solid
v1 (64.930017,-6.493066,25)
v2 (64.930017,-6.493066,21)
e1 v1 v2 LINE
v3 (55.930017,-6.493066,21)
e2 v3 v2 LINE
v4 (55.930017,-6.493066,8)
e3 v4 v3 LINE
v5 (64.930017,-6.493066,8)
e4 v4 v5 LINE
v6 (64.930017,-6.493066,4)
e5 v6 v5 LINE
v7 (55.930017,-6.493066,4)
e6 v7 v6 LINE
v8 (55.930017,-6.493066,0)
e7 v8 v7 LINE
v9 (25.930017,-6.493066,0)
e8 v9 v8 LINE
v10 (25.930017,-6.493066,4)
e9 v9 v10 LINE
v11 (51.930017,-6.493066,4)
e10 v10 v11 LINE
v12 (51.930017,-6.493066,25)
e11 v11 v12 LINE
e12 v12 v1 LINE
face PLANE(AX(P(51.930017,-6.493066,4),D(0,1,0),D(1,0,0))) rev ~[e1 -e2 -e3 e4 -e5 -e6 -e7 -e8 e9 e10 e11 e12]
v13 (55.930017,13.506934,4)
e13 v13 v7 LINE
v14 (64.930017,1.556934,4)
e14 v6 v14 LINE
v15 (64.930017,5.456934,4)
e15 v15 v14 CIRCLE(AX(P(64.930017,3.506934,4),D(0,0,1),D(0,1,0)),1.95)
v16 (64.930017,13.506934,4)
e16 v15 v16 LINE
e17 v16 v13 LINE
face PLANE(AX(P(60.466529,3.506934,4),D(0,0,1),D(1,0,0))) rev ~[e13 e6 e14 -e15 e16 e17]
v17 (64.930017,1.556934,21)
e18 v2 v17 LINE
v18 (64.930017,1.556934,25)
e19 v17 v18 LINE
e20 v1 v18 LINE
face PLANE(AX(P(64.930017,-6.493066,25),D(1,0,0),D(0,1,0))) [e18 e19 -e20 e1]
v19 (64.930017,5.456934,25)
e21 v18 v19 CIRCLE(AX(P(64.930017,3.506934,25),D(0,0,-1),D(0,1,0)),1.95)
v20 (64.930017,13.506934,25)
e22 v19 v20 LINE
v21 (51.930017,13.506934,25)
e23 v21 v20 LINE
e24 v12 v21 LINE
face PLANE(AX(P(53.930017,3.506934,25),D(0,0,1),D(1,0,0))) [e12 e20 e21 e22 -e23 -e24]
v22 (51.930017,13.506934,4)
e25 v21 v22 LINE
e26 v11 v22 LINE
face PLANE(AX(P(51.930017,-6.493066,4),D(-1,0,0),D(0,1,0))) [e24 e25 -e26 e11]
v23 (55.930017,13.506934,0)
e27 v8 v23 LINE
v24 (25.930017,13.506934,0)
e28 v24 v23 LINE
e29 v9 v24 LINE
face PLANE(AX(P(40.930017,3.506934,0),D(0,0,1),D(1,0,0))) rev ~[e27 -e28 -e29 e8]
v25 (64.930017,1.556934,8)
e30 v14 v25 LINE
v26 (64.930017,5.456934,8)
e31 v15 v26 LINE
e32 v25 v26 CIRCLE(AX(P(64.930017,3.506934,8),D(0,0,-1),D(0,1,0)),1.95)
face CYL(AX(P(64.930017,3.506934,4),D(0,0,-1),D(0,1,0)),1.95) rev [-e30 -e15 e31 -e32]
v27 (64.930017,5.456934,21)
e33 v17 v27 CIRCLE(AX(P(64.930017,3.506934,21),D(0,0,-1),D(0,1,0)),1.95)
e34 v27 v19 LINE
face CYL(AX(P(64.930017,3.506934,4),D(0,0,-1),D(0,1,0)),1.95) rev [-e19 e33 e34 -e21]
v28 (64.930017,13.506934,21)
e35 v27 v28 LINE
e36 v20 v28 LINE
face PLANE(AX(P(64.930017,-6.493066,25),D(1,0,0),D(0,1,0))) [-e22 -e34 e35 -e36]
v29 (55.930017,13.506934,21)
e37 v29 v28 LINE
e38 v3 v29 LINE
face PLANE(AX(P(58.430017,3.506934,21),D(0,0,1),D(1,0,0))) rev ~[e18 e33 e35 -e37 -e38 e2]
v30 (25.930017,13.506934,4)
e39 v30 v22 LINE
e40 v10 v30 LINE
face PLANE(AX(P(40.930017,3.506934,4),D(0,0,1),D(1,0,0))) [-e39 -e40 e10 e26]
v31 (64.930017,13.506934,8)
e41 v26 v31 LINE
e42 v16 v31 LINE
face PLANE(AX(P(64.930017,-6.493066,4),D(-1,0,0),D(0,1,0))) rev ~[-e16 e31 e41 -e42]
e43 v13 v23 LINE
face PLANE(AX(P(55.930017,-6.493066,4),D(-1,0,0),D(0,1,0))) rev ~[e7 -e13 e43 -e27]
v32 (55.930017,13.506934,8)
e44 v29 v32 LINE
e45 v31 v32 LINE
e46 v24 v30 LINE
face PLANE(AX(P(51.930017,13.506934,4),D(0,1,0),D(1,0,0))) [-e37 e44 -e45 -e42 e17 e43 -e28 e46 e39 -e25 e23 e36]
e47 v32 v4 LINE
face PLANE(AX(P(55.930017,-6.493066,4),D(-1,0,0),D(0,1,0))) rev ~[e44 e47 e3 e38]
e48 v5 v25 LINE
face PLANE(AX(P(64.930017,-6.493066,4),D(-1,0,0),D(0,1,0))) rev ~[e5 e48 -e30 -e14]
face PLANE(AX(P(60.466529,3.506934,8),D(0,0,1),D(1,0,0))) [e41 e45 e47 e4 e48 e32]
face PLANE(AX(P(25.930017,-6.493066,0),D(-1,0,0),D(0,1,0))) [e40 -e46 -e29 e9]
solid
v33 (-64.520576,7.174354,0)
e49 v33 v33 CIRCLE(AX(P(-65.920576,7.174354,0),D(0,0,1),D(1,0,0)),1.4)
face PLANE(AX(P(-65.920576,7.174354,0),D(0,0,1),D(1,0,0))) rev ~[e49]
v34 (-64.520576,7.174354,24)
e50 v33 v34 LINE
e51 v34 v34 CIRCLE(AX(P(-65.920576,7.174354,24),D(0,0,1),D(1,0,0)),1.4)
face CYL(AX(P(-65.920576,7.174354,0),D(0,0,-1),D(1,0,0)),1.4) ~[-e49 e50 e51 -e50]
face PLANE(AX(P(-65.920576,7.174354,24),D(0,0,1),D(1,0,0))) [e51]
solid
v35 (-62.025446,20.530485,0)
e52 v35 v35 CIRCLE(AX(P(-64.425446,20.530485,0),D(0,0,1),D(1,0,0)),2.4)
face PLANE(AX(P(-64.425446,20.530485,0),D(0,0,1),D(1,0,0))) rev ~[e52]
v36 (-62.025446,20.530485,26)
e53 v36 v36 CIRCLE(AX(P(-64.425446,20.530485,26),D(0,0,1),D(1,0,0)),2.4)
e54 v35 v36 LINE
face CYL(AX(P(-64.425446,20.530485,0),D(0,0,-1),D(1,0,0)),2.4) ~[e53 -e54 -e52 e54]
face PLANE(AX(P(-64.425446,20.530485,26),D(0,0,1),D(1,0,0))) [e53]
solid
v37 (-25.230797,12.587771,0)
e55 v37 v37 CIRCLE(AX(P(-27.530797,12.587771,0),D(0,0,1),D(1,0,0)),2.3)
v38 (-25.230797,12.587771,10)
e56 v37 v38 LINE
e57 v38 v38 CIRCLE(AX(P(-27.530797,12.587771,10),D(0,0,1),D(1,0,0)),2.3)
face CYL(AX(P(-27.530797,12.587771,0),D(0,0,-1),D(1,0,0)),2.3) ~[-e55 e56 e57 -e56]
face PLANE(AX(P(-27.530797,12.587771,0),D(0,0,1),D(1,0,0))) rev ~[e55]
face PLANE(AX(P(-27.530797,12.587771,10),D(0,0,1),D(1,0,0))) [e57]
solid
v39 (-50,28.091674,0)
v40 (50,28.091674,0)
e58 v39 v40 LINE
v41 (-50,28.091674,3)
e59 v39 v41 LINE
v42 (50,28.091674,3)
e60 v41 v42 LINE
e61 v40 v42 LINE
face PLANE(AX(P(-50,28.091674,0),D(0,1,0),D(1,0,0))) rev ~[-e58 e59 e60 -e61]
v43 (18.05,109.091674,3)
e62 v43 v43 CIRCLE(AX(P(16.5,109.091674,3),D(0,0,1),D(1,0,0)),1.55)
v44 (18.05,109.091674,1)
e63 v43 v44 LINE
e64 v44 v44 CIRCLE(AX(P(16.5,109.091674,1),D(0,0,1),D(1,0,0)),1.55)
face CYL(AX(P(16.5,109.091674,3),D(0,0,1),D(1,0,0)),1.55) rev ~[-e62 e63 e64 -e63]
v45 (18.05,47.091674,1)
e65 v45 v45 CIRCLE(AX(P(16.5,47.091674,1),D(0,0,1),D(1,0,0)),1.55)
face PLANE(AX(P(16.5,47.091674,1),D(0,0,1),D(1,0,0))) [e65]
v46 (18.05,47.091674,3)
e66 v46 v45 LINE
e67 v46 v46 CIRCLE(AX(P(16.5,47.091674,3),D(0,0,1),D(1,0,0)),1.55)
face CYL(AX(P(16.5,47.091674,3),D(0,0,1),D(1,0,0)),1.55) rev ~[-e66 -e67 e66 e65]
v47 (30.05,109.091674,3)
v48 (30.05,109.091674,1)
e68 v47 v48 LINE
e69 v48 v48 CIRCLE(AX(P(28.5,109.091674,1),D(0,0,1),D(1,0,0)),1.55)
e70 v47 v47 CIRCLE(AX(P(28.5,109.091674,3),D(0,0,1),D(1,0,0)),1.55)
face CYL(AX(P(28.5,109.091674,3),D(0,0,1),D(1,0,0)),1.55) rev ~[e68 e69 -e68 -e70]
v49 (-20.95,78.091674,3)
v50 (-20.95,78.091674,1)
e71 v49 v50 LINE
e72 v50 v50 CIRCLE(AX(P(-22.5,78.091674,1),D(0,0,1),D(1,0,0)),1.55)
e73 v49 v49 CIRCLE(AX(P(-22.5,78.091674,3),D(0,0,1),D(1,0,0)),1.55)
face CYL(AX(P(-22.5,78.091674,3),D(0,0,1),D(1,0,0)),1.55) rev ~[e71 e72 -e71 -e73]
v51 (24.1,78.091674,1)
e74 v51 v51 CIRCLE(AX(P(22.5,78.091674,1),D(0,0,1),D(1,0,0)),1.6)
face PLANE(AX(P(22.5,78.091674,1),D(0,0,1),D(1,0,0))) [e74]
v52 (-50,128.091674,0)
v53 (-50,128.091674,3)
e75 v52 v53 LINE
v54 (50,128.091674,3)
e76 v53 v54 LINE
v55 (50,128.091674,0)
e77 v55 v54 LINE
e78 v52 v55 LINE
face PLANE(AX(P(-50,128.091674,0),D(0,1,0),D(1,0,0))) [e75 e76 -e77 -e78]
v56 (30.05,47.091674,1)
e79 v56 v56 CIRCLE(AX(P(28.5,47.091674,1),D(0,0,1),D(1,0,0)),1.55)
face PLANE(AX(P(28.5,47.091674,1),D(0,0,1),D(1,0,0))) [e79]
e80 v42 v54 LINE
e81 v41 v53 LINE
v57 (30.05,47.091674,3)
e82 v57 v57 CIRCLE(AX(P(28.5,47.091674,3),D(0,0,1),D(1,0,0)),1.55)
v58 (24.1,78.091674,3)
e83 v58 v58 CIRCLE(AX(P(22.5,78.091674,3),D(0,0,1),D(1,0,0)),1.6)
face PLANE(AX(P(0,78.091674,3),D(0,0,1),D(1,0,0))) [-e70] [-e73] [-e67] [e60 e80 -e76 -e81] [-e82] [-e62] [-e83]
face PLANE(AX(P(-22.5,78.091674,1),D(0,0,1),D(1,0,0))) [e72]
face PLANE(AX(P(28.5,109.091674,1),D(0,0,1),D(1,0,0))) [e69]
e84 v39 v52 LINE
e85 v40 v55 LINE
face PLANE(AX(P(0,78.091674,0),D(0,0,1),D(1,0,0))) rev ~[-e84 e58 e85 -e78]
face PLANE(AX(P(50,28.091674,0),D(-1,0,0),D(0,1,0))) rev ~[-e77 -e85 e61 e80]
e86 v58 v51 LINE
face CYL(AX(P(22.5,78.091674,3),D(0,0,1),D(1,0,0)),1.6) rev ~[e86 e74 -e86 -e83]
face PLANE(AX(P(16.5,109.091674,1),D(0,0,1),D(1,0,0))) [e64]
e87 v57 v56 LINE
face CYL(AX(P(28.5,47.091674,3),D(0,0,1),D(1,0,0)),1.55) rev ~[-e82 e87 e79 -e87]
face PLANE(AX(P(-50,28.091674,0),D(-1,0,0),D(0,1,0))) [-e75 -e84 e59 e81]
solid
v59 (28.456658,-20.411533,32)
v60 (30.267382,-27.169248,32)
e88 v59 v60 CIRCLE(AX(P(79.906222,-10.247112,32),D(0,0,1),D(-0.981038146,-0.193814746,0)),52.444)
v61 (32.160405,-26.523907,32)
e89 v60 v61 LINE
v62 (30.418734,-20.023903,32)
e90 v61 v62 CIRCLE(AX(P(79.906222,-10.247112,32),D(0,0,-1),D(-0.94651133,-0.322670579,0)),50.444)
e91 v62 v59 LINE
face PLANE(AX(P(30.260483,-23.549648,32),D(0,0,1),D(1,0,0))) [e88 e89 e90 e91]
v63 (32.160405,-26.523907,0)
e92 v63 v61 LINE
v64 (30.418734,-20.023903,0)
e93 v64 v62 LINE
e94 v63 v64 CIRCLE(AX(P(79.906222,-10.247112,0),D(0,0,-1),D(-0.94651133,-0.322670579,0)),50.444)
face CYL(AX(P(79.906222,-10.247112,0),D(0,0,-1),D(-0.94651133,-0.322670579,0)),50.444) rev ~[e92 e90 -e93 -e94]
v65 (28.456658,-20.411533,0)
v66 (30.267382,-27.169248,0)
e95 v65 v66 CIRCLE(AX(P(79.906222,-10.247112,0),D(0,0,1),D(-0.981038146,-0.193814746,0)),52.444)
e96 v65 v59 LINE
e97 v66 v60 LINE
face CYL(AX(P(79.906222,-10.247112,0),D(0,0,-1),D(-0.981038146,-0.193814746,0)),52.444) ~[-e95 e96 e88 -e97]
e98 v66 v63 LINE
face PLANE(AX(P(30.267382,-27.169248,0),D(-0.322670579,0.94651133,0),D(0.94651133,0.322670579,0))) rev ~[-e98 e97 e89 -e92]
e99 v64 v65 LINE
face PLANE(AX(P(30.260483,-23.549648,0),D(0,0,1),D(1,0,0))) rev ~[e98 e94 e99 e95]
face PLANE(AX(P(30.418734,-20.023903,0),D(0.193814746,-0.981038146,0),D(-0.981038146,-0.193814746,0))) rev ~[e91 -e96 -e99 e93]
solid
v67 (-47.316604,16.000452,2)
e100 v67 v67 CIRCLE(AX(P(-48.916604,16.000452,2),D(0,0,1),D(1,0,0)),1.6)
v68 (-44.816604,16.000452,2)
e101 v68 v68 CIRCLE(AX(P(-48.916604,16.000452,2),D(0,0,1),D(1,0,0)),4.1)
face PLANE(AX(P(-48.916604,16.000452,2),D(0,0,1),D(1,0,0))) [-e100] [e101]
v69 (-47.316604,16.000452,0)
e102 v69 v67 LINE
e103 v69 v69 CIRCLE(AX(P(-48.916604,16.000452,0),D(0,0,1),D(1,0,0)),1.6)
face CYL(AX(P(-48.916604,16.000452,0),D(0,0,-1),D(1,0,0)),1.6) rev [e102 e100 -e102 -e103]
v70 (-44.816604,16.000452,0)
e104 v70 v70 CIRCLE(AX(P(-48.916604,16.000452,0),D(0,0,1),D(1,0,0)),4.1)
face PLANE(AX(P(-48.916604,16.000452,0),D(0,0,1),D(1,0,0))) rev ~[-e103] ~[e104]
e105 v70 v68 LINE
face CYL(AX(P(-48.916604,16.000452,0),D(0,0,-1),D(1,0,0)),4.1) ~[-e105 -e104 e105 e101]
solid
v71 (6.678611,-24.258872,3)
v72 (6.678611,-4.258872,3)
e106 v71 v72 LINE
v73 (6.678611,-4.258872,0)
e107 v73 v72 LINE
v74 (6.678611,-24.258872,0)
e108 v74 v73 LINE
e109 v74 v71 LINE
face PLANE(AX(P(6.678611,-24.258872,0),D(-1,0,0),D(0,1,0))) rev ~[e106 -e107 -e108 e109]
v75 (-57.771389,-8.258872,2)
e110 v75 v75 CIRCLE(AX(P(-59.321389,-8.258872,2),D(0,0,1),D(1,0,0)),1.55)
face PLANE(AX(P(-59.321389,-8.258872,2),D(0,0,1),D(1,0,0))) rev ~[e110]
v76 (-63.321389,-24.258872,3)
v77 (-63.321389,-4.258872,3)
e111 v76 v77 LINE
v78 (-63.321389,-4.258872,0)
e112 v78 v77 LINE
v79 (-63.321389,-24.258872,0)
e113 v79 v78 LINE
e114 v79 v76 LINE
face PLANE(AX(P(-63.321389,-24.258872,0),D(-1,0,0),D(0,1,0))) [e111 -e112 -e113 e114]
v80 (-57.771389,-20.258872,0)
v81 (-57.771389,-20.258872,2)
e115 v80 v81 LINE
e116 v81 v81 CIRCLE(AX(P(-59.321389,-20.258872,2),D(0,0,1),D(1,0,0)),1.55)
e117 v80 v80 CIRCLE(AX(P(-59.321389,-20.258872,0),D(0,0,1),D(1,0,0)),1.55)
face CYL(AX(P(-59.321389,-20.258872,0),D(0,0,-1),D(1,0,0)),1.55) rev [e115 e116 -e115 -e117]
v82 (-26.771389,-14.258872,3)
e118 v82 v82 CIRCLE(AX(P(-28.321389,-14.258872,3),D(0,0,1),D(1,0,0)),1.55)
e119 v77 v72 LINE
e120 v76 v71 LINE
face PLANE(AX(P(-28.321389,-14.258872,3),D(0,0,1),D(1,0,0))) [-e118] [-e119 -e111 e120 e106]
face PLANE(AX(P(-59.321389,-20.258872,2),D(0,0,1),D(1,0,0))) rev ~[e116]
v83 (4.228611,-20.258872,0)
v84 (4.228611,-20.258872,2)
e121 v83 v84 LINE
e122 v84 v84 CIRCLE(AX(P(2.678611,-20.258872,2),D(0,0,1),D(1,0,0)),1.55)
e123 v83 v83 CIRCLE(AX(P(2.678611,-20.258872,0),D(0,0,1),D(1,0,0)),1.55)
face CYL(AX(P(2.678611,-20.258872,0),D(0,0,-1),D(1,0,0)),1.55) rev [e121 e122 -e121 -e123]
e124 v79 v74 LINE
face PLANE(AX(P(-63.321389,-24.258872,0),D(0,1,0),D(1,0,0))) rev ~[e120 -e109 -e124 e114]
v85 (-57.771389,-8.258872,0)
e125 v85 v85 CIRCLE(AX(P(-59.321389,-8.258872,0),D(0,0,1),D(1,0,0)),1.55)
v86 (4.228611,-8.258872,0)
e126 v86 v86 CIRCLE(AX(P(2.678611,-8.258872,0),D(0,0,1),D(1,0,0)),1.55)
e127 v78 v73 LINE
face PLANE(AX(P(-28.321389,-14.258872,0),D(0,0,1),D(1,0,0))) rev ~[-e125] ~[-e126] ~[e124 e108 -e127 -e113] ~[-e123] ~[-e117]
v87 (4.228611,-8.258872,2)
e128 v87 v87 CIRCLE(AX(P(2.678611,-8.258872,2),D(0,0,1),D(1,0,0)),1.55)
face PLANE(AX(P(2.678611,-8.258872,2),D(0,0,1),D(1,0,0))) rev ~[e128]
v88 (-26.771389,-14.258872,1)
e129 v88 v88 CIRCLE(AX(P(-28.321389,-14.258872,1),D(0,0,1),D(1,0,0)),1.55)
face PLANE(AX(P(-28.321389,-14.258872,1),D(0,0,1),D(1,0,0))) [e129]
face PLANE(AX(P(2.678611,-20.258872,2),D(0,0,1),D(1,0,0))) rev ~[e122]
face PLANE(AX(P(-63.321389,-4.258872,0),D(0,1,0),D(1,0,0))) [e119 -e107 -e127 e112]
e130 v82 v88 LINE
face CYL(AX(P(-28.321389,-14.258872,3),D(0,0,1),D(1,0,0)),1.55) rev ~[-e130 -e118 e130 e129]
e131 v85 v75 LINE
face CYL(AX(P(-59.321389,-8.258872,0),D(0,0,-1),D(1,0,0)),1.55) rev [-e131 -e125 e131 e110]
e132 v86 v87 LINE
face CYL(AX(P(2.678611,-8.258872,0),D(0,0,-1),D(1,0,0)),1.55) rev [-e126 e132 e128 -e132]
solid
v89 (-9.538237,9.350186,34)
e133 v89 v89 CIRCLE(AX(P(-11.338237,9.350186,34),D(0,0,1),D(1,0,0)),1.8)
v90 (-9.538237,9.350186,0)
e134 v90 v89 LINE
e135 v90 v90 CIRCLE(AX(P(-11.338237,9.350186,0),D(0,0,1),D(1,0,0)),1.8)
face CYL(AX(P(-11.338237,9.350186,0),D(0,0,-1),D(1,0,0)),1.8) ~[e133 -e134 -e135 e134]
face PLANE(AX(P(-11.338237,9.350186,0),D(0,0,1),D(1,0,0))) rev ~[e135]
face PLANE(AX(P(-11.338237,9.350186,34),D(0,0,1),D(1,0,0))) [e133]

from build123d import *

# Parameters (mm, degrees)
F0_W      = 100
F0_H      = 100
F1_DEPTH  = 3
F2_R      = 1.55
F2_R_2    = 1.6
F3_DEPTH  = 2
F0_R      = 2.4
F4_DEPTH  = 26
F0_R_2    = 4.1
F0_R_3    = 1.6
F5_DEPTH  = 2
F0_W_2    = 70
F0_H_2    = 20
F0_R_4    = 1.55
F6_DEPTH  = 3
F7_DEPTH  = 2
F8_R      = 1.55
F9_DEPTH  = 2
F10_DEPTH = 2
F0_R_5    = 2.3
F11_DEPTH = 10
F0_R_6    = 1.4
F12_DEPTH = 24
F0_R_7    = 1.8
F13_DEPTH = 34
F0_W_3    = 30
F14_DEPTH = 4
F15_W     = 4
F15_H     = 20
F16_DEPTH = 21
F17_W     = 13
F17_H     = 20
F18_DEPTH = 4
F19_DEPTH = 4
F20_DEPTH = 30.001
F21_DEPTH = 32


with BuildPart() as f1:
    # F0 (on Top) → F1 (new body)
    with BuildSketch(Plane.XY):
        with Locations((0, 78.091673553)):
            Rectangle(F0_W, F0_H)
    extrude(amount=F1_DEPTH)

    # F2 (on face) → F3 (cut)
    with BuildSketch(Plane.XY.offset(3)):
        with Locations((-22.5, 78.091673553)):
            Circle(F2_R)
        with Locations((22.5, 78.091673553)):
            Circle(F2_R_2)
    extrude(amount=-F3_DEPTH, mode=Mode.SUBTRACT)

    # F2 (on face) → F10 (cut)
    with BuildSketch(Plane.XY.offset(3)):
        with Locations((28.5, 109.091673553)):
            Circle(F2_R)
        with Locations((16.5, 109.091673553)):
            Circle(F2_R)
        with Locations((16.5, 47.091673553)):
            Circle(F2_R)
        with Locations((28.5, 47.091673553)):
            Circle(F2_R)
    extrude(amount=-F10_DEPTH, mode=Mode.SUBTRACT)


with BuildPart() as f4:
    # F0 (on Top) → F4 (new body)
    with BuildSketch(Plane.XY):
        with Locations((-64.4254460931, 20.5304846168)):
            Circle(F0_R)
    extrude(amount=F4_DEPTH)


with BuildPart() as f5:
    # F0 (on Top) → F5 (new body)
    with BuildSketch(Plane.XY):
        with Locations((-48.9166043699, 16.0004515201)):
            Circle(F0_R_2)
        with Locations((-48.9166043699, 16.0004515201)):
            Circle(F0_R_3, mode=Mode.SUBTRACT)
    extrude(amount=F5_DEPTH)


with BuildPart() as f6:
    # F0 (on Top) → F6 (new body)
    with BuildSketch(Plane.XY):
        with Locations((-28.3213892579, -14.2588720098)):
            Rectangle(F0_W_2, F0_H_2)
        with Locations((-59.3213892579, -20.2588720098)):
            Circle(F0_R_4, mode=Mode.SUBTRACT)
        with Locations((-59.3213892579, -8.2588720098)):
            Circle(F0_R_4, mode=Mode.SUBTRACT)
        with Locations((2.6786107421, -20.2588720098)):
            Circle(F0_R_4, mode=Mode.SUBTRACT)
        with Locations((2.6786107421, -8.2588720098)):
            Circle(F0_R_4, mode=Mode.SUBTRACT)
        with Locations((-59.3213892579, -8.2588720098)):
            Circle(F0_R_4)
        with Locations((-59.3213892579, -20.2588720098)):
            Circle(F0_R_4)
        with Locations((2.6786107421, -8.2588720098)):
            Circle(F0_R_4)
        with Locations((2.6786107421, -20.2588720098)):
            Circle(F0_R_4)
    extrude(amount=F6_DEPTH)

    # F0 (on Top) → F7 (cut)
    with BuildSketch(Plane.XY):
        with Locations((2.6786107421, -8.2588720098)):
            Circle(F0_R_4)
        with Locations((2.6786107421, -20.2588720098)):
            Circle(F0_R_4)
        with Locations((-59.3213892579, -8.2588720098)):
            Circle(F0_R_4)
        with Locations((-59.3213892579, -20.2588720098)):
            Circle(F0_R_4)
    extrude(amount=F7_DEPTH, mode=Mode.SUBTRACT)

    # F8 (on face) → F9 (cut)
    with BuildSketch(Plane.XY.offset(3)):
        with Locations((-28.3213892579, -14.2588720098)):
            Circle(F8_R)
    extrude(amount=-F9_DEPTH, mode=Mode.SUBTRACT)


with BuildPart() as f11:
    # F0 (on Top) → F11 (new body)
    with BuildSketch(Plane.XY):
        with Locations((-27.5307968259, 12.5877708197)):
            Circle(F0_R_5)
    extrude(amount=F11_DEPTH)


with BuildPart() as f12:
    # F0 (on Top) → F12 (new body)
    with BuildSketch(Plane.XY):
        with Locations((-65.9205764532, 7.1743540466)):
            Circle(F0_R_6)
    extrude(amount=F12_DEPTH)


with BuildPart() as f13:
    # F0 (on Top) → F13 (new body)
    with BuildSketch(Plane.XY):
        with Locations((-11.3382367417, 9.3501862139)):
            Circle(F0_R_7)
    extrude(amount=F13_DEPTH)


with BuildPart() as f14:
    # F0 (on Top) → F14 (new body)
    with BuildSketch(Plane.XY):
        with Locations((40.9300172329, 3.5069335625)):
            Rectangle(F0_W_3, F0_H_2)
    extrude(amount=F14_DEPTH)

    # F15 (on face) → F16 (join)
    with BuildSketch(Plane.XY.offset(4)):
        with Locations((53.9300172329, 3.5069335625)):
            Rectangle(F15_W, F15_H)
    extrude(amount=F16_DEPTH)

    # F17 (on face) → F18 (join)
    with BuildSketch(Plane.XY.offset(25)):
        with Locations((58.4300172329, 3.5069335625)):
            Rectangle(F17_W, F17_H)
    extrude(amount=-F18_DEPTH)

    # F15 (on face) → F19 (join)
    with BuildSketch(Plane.XY.offset(4)):
        with BuildLine():
            Line((64.9300172329, 13.5069335625), (55.9300172329, 13.5069335625))
            Line((55.9300172329, 13.5069335625), (55.9300172329, -6.4930664375))
            Line((55.9300172329, -6.4930664375), (64.9300172329, -6.4930664375))
            Line((64.9300172329, -6.4930664375), (64.9300172329, 1.5569335625))
            ThreePointArc((64.9300172329, 1.5569335625), (62.9800172329, 3.5069335625), (64.9300172329, 5.4569335625))
            Line((64.9300172329, 5.4569335625), (64.9300172329, 13.5069335625))
        make_face()
        with BuildLine():
            Line((64.9300172329, 1.5569335625), (64.9300172329, 5.4569335625))
            ThreePointArc((64.9300172329, 5.4569335625), (62.9800172329, 3.5069335625), (64.9300172329, 1.5569335625))
        make_face()
    extrude(amount=F19_DEPTH)

    # F15 (on face) → F20 (cut, through all)
    with BuildSketch(Plane.XY.offset(4)):
        with BuildLine():
            Line((64.9300172329, 1.5569335625), (64.9300172329, 5.4569335625))
            ThreePointArc((64.9300172329, 5.4569335625), (62.9800172329, 3.5069335625), (64.9300172329, 1.5569335625))
        make_face()
        with BuildLine():
            ThreePointArc((66.8800172329, 3.5069335625), (66.3088754562, 4.8857917858), (64.9300172329, 5.4569335625))
            Line((64.9300172329, 5.4569335625), (64.9300172329, 1.5569335625))
            ThreePointArc((64.9300172329, 1.5569335625), (66.3088754562, 2.1280753391), (66.8800172329, 3.5069335625))
        make_face()
    extrude(amount=F20_DEPTH, mode=Mode.SUBTRACT)


with BuildPart() as f21:
    # F0 (on Top) → F21 (new body)
    with BuildSketch(Plane.XY):
        with BuildLine():
            ThreePointArc((32.1604046999, -26.5239069303), (31.1810598315, -23.3029801318), (30.4187339674, -20.0239032664))
            Line((30.4187339674, -20.0239032664), (28.456657675, -20.4115327583))
            ThreePointArc((28.456657675, -20.4115327583), (29.249208179, -23.820618222), (30.2673820406, -27.1692480892))
            Line((30.2673820406, -27.1692480892), (32.1604046999, -26.5239069303))
        make_face()
    extrude(amount=F21_DEPTH)


solid = Compound([f1.part, f4.part, f5.part, f6.part, f11.part, f12.part, f13.part, f14.part, f21.part])
